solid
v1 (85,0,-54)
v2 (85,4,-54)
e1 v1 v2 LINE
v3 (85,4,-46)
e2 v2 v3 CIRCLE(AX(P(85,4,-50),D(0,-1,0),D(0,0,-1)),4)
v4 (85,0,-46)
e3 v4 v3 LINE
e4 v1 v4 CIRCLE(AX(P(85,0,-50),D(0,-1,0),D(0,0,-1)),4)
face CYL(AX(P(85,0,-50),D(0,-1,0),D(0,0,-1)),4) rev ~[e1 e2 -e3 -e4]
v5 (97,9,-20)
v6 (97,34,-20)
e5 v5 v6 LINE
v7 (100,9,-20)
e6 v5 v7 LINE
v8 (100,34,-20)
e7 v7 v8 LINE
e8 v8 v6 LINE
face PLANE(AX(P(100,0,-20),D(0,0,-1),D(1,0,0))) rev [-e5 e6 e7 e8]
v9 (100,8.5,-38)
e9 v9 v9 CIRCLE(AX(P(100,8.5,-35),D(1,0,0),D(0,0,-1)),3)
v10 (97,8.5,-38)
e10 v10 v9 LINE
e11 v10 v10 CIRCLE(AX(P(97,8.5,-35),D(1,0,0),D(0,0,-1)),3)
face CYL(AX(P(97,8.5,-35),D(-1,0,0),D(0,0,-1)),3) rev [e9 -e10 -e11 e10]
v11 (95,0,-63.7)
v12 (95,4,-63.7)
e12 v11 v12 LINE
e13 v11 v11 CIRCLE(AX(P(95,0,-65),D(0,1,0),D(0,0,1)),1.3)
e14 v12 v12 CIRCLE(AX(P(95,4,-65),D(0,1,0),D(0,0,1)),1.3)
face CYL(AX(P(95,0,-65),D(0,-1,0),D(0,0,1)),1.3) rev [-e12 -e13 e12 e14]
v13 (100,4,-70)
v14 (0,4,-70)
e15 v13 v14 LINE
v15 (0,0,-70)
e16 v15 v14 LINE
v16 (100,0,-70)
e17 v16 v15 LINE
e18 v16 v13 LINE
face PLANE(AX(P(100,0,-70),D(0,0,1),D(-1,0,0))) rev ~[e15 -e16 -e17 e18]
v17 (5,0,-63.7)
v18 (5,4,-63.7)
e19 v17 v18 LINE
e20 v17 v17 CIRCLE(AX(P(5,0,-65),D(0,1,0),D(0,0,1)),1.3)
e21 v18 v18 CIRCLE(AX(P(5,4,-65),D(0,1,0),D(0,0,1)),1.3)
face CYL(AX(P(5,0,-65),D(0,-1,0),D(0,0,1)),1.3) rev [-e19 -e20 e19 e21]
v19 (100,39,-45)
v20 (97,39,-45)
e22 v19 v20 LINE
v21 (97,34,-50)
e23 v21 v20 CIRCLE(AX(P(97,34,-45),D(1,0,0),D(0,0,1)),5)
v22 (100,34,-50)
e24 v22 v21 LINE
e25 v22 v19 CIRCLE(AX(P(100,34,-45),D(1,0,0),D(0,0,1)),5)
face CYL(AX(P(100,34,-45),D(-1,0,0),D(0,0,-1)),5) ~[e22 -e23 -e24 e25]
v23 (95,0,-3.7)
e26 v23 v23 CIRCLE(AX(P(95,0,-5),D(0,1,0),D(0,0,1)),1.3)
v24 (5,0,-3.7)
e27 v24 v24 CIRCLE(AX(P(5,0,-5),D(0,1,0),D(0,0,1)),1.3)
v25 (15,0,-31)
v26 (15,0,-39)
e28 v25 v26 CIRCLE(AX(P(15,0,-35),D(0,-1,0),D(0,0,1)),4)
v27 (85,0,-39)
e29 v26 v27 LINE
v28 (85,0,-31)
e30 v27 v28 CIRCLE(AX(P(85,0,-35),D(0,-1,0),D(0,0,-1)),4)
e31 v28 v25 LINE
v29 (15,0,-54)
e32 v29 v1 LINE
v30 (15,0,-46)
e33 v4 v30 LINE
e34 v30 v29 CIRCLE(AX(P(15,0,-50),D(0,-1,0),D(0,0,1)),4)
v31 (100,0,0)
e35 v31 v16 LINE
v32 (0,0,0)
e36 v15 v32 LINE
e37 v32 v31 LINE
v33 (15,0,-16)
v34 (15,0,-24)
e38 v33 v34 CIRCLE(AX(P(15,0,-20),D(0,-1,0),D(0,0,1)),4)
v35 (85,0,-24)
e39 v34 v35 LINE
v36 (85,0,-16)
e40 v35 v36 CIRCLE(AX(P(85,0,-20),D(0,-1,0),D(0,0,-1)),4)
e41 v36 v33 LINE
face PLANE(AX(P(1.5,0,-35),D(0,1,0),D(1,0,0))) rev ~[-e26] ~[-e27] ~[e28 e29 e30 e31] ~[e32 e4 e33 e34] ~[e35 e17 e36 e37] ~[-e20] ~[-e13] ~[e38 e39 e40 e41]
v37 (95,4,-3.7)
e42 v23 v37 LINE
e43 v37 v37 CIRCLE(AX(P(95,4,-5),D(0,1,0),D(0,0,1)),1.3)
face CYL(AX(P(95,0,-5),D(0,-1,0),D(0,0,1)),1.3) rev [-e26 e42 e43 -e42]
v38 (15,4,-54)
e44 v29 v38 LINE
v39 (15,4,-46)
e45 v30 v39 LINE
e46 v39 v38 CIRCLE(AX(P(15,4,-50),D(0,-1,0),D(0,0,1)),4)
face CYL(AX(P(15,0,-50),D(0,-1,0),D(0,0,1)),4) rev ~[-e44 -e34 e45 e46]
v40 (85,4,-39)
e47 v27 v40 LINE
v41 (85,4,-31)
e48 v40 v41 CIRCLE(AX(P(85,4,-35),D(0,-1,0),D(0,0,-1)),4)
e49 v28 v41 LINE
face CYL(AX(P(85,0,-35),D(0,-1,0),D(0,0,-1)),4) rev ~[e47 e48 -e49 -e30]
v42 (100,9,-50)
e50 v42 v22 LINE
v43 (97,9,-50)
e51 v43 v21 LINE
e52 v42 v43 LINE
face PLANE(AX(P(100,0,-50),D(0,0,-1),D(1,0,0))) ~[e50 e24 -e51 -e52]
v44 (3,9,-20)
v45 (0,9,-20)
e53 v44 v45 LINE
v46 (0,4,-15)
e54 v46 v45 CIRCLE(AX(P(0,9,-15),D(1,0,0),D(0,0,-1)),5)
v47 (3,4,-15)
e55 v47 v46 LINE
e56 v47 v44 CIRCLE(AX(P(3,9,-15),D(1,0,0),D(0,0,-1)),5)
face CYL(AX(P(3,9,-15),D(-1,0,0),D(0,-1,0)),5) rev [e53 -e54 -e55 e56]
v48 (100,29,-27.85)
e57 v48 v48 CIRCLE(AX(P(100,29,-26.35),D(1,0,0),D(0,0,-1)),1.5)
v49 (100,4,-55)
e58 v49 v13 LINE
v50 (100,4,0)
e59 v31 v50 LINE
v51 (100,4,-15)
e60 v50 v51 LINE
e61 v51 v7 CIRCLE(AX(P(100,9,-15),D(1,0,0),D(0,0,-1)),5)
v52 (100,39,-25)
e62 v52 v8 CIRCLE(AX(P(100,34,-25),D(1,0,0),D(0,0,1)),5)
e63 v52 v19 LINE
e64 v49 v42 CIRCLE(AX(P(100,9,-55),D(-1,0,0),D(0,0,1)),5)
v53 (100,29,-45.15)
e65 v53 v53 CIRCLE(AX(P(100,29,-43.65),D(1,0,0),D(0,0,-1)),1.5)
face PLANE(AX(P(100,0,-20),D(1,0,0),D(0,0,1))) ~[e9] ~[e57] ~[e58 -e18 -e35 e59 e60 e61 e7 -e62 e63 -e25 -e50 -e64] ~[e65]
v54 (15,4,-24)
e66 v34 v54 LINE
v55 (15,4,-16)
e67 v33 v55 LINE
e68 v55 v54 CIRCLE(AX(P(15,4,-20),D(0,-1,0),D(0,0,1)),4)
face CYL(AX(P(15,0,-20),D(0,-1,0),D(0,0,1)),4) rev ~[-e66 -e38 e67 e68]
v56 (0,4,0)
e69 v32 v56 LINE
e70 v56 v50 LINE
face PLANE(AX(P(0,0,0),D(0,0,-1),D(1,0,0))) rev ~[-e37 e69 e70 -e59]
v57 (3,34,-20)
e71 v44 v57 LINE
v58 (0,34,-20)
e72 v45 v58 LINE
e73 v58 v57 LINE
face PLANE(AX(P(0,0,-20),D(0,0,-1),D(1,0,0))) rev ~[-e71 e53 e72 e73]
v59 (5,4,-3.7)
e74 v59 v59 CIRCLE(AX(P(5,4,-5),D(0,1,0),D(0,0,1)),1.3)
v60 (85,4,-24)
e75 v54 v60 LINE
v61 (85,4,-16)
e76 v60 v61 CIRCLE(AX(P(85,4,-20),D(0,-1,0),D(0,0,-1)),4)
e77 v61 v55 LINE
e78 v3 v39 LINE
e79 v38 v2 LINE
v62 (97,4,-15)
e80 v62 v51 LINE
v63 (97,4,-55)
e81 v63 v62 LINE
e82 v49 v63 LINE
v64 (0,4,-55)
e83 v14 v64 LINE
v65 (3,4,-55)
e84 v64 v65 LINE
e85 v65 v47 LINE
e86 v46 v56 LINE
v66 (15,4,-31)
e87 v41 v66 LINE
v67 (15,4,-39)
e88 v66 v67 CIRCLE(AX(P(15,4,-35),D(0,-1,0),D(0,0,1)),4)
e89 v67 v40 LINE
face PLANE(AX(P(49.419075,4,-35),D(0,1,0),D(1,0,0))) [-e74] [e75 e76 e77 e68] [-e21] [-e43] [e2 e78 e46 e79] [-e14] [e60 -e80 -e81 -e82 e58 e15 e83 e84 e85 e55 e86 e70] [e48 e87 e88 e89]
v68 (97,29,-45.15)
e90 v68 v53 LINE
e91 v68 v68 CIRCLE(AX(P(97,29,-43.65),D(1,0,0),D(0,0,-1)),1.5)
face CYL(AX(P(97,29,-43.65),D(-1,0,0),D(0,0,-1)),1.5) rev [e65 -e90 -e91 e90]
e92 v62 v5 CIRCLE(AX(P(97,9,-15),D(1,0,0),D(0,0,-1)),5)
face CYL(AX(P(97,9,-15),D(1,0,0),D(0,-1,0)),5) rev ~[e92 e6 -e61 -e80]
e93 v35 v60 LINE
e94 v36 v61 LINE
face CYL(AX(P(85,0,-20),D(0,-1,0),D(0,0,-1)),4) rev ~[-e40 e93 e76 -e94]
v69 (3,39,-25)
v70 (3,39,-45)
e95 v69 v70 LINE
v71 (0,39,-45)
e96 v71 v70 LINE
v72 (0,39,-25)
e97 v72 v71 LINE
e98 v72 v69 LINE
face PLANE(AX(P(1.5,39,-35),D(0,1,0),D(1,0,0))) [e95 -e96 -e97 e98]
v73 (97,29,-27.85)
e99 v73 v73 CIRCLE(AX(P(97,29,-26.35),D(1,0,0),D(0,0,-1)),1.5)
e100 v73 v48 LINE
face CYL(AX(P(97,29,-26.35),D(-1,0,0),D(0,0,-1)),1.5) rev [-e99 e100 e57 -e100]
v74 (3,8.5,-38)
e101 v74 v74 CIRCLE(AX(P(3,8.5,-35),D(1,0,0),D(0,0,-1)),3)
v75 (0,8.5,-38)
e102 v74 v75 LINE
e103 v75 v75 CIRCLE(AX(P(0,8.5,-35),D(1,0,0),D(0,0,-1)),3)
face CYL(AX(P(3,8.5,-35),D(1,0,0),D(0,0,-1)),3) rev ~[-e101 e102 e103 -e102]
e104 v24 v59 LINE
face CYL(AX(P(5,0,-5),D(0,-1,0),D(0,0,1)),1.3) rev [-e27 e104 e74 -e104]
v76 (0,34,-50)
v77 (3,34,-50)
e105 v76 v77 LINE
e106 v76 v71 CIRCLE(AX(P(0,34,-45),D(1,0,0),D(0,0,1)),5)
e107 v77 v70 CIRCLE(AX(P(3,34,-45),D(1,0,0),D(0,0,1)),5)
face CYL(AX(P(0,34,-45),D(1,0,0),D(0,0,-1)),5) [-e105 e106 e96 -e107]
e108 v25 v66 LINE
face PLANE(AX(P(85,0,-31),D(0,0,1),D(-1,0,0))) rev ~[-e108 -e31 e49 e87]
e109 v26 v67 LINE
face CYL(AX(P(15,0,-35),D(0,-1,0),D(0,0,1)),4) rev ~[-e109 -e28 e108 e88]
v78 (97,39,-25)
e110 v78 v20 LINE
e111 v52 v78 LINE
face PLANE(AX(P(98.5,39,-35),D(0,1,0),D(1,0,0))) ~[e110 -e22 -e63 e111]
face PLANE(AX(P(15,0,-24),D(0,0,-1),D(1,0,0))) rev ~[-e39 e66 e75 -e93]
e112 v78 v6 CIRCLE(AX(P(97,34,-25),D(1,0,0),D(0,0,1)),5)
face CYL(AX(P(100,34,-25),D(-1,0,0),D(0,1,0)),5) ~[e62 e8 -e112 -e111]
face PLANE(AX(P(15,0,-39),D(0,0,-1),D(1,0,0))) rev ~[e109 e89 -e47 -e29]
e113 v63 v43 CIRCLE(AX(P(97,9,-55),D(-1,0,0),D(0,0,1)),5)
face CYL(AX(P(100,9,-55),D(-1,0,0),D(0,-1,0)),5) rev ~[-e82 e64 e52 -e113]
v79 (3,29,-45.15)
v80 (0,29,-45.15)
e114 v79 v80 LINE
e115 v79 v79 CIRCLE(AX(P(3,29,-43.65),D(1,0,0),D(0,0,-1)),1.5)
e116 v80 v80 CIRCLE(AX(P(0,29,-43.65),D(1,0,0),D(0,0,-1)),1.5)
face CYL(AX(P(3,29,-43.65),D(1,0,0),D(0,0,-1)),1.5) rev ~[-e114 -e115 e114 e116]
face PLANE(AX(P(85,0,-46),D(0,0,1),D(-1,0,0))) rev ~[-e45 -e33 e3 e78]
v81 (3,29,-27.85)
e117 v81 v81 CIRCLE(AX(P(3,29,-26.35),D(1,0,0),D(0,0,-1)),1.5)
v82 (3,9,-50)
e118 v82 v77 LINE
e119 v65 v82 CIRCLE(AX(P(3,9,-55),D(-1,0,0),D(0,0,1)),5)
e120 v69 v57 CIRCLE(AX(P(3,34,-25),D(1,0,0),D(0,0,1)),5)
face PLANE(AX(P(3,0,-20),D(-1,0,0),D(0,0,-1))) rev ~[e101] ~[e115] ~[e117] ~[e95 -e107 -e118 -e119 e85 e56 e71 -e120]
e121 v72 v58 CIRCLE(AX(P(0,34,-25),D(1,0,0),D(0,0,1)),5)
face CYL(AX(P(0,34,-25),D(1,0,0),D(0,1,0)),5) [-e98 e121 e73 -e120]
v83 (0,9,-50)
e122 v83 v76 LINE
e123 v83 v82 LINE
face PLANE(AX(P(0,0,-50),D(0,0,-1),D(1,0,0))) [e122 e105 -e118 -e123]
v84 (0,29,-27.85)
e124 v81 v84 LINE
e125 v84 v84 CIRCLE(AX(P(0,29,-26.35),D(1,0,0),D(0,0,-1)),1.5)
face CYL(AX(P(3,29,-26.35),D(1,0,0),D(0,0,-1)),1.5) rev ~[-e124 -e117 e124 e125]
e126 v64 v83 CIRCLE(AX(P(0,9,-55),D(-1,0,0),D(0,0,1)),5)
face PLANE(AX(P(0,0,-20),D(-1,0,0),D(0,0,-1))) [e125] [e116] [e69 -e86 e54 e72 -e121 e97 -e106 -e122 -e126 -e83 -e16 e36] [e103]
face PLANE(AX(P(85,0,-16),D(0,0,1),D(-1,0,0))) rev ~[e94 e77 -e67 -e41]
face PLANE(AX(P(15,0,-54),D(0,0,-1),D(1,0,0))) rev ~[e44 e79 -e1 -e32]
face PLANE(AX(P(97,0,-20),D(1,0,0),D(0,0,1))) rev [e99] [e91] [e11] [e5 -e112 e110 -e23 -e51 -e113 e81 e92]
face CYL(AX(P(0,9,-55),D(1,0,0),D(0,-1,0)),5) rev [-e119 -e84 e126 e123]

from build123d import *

# Parameters (mm, degrees)
SKETCH1_R            = 1.3
BOSS_EXTRUDE10_DEPTH = 4
SKETCH1_22_W         = 3
SKETCH1_22_H         = 30
BOSS_EXTRUDE11_DEPTH = 39
FILLET4_R            = 5
SKETCH4_R            = 1.5
SKETCH4_R_2          = 3
CUT_EXTRUDE19_DEPTH  = 126.8173279


with BuildPart() as part:
    # Sketch1 → Boss-Extrude10 (new body)
    with BuildSketch(Plane(origin=(0, 0, 0), x_dir=(1, 0, 0), z_dir=(0, 1, 0))):
        Polygon((0, 70), (0, 50), (3, 50), (3, 20), (0, 20), (0, 0), (100, 0), (100, 70), align=None)
        with Locations((5, 5)):
            Circle(SKETCH1_R, mode=Mode.SUBTRACT)
        with Locations((95, 5)):
            Circle(SKETCH1_R, mode=Mode.SUBTRACT)
        with BuildLine():
            ThreePointArc((15, 16), (11, 20), (15, 24))
            Line((15, 24), (85, 24))
            ThreePointArc((85, 24), (89, 20), (85, 16))
            Line((85, 16), (15, 16))
        make_face(mode=Mode.SUBTRACT)
        with Locations((5, 65)):
            Circle(SKETCH1_R, mode=Mode.SUBTRACT)
        with BuildLine():
            ThreePointArc((15, 31), (11, 35), (15, 39))
            Line((15, 39), (85, 39))
            ThreePointArc((85, 39), (89, 35), (85, 31))
            Line((85, 31), (15, 31))
        make_face(mode=Mode.SUBTRACT)
        with BuildLine():
            ThreePointArc((15, 46), (11, 50), (15, 54))
            Line((15, 54), (85, 54))
            ThreePointArc((85, 54), (89, 50), (85, 46))
            Line((85, 46), (15, 46))
        make_face(mode=Mode.SUBTRACT)
        with Locations((95, 65)):
            Circle(SKETCH1_R, mode=Mode.SUBTRACT)
    extrude(amount=BOSS_EXTRUDE10_DEPTH)

    # Sketch1<22> → Boss-Extrude11 (add)
    with BuildSketch(Plane(origin=(0, 0, 0), x_dir=(1, 0, 0), z_dir=(0, 1, 0))):
        with Locations((1.5, 35)):
            Rectangle(SKETCH1_22_W, SKETCH1_22_H)
    extrude(amount=BOSS_EXTRUDE11_DEPTH)

    # Fillet4
    fillet4_edges = [part.edges().sort_by_distance(p)[0] for p in [
        (1.5, 4, -50),
        (1.5, 39, -50),
        (1.5, 4, -20),
        (1.5, 39, -20),
    ]]
    fillet(fillet4_edges, radius=FILLET4_R)

    # Sketch4 → Cut-Extrude19 (cut, through all)
    with BuildSketch(Plane(origin=(3, 0, 0), x_dir=(0, 0, -1), z_dir=(1, 0, 0))):
        with Locations((26.35, 29)):
            Circle(SKETCH4_R)
        with Locations((43.65, 29)):
            Circle(SKETCH4_R)
        with Locations((35, 8.5)):
            Circle(SKETCH4_R_2)
    extrude(amount=-CUT_EXTRUDE19_DEPTH, mode=Mode.SUBTRACT)

    # Mirror7: part across plane


with BuildPart() as part_1:
    add(part.part)
    add(part.part.mirror(Plane(origin=(50, 0, 0), x_dir=(0, 0, 1), z_dir=(1, 0, 0))))


solid = part_1.part
